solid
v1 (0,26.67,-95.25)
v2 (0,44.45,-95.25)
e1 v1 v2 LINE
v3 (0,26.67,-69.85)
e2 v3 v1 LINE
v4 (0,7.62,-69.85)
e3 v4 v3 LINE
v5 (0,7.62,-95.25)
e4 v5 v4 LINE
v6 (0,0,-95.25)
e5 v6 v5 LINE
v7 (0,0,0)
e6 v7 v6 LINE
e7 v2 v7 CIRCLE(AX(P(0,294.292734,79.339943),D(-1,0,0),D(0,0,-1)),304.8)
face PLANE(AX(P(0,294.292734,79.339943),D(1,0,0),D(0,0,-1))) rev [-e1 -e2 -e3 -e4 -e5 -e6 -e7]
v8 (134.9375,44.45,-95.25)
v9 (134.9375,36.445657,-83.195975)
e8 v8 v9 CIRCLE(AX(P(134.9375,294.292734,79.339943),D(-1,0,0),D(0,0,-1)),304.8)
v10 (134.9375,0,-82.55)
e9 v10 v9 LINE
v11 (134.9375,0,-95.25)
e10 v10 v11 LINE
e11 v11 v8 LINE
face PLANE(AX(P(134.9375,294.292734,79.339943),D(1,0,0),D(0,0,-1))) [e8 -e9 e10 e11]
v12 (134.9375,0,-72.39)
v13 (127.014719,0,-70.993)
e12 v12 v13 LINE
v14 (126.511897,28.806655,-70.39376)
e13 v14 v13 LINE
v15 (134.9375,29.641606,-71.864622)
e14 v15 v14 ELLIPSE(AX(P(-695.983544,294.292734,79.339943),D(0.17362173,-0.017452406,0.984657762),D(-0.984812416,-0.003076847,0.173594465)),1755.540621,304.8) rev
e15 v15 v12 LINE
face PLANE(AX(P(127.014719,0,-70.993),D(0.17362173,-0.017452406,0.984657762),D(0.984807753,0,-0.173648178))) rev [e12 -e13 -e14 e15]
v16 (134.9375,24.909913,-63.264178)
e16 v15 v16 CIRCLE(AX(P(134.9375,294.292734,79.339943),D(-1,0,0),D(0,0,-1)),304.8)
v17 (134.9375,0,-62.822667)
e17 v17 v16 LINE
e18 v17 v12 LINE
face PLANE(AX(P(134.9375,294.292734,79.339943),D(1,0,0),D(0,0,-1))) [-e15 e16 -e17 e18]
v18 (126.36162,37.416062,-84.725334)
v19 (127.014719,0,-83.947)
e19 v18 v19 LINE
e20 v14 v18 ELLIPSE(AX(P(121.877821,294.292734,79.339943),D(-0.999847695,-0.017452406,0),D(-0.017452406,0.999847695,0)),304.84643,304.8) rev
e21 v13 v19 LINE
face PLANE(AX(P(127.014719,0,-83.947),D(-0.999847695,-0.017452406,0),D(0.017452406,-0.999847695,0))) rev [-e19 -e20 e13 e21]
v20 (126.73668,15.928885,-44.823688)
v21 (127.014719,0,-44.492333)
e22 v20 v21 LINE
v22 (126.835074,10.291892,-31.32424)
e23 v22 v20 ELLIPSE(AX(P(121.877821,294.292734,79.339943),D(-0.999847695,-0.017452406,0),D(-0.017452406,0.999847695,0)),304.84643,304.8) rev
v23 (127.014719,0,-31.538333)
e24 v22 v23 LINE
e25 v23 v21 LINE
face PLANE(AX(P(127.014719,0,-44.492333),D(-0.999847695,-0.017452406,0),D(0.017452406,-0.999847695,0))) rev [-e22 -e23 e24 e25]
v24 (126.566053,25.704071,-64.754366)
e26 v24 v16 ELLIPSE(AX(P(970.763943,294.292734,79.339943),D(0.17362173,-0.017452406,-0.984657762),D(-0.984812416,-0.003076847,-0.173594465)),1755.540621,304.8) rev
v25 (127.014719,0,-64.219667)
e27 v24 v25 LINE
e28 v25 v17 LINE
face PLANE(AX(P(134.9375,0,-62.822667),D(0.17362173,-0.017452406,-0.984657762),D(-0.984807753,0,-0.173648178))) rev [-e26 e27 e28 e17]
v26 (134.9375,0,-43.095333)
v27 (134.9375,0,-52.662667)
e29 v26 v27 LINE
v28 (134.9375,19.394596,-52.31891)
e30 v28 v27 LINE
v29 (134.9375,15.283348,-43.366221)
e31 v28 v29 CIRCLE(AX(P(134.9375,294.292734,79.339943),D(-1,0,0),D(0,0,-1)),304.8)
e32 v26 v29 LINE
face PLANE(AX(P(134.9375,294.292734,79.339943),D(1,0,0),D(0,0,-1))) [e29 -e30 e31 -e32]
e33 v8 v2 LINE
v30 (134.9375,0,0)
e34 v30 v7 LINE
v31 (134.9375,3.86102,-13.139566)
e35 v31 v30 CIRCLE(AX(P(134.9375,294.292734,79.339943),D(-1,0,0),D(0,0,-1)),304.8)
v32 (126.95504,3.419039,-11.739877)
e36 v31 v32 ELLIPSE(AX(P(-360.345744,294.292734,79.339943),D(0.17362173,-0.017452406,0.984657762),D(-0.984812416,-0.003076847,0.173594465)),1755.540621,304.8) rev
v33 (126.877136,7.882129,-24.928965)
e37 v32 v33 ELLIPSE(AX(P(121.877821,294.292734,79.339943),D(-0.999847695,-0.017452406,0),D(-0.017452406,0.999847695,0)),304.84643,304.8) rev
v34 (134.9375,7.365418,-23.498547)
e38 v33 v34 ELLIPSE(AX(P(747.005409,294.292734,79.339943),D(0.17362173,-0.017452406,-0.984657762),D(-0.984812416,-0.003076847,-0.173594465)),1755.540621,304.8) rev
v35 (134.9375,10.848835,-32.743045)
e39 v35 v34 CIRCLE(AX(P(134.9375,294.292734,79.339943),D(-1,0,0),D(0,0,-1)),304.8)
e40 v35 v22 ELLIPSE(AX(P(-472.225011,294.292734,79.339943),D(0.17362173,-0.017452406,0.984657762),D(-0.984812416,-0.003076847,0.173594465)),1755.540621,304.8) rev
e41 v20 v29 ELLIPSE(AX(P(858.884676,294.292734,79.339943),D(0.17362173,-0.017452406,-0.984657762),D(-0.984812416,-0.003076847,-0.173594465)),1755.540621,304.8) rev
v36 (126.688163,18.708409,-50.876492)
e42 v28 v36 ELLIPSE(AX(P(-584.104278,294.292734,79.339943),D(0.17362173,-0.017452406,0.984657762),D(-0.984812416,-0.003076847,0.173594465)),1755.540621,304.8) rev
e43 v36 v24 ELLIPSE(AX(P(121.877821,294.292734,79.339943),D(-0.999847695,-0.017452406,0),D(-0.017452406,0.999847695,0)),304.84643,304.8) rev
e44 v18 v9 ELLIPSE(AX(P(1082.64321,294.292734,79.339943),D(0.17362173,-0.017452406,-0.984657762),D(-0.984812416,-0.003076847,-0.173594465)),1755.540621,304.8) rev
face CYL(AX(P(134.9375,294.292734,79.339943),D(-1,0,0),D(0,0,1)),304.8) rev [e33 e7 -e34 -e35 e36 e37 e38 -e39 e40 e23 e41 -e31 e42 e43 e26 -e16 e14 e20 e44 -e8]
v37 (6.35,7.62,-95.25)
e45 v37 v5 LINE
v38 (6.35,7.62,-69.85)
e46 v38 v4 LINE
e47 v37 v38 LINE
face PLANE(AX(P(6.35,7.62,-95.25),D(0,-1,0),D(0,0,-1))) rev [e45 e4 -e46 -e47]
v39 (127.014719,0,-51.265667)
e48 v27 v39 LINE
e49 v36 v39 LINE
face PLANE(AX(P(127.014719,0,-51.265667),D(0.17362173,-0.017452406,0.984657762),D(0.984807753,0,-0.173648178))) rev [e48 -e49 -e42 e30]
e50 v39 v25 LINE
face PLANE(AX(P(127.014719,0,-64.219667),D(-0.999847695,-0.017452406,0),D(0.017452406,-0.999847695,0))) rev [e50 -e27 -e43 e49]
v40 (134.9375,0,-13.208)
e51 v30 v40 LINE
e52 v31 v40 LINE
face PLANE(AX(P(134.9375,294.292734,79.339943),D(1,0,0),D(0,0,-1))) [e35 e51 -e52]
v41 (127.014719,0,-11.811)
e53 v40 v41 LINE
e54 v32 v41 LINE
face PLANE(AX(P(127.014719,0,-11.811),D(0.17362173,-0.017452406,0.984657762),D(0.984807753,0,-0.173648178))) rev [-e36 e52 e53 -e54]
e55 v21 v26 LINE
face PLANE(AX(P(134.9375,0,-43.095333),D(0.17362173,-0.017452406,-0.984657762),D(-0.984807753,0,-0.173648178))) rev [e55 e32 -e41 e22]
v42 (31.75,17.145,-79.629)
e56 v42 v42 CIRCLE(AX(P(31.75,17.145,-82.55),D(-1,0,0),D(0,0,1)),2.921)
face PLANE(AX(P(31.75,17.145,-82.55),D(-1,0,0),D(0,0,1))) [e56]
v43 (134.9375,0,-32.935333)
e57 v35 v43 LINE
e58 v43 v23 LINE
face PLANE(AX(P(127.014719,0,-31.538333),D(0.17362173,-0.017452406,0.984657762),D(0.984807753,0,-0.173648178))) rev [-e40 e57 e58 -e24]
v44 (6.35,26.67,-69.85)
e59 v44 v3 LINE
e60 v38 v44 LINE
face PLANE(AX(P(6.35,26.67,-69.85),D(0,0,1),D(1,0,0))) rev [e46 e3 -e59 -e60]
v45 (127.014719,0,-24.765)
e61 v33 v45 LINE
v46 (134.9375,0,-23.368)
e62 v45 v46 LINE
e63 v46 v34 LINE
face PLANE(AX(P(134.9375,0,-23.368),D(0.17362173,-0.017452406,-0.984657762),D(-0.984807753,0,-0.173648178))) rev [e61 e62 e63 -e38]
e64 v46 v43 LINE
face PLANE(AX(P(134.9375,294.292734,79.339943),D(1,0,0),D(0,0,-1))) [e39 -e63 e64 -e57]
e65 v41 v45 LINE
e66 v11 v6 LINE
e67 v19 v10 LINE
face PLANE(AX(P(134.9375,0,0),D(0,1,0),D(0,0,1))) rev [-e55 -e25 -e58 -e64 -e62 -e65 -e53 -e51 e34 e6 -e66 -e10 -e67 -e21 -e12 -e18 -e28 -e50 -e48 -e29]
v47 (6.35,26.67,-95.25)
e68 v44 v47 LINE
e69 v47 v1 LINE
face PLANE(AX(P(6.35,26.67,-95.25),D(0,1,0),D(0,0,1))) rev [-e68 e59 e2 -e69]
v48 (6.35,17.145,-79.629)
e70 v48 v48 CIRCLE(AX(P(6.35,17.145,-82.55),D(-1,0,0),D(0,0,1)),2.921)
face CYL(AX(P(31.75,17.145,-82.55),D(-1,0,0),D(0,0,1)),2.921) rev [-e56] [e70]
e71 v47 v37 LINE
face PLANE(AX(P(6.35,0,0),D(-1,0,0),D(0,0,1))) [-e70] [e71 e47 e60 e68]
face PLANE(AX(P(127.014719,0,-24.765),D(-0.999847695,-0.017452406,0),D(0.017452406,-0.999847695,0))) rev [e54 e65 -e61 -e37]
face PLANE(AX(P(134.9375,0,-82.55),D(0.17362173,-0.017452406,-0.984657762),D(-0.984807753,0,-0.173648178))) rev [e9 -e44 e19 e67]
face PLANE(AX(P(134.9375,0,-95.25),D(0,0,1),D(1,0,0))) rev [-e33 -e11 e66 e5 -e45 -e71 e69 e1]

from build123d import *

# Parameters (mm, degrees)
BOSS_EXTRUDE1_DEPTH = 134.9375
SKETCH4_W           = 25.4
SKETCH4_H           = 19.05
CUT_EXTRUDE1_DEPTH  = 6.35
SKETCH5_R           = 2.921
CUT_EXTRUDE2_DEPTH  = 25.4
CUT_EXTRUDE3_DEPTH  = 38.1
CUT_EXTRUDE3_TAPER  = -1


with BuildPart() as part:
    # Sketch3 → Boss-Extrude1 (new body)
    with BuildSketch(Plane(origin=(0, 0, 0), x_dir=(0, 0, -1), z_dir=(1, 0, 0))):
        with BuildLine():
            Line((0, 0), (95.25, 0))
            Line((95.25, 0), (95.25, 44.45))
            ThreePointArc((95.25, 44.45), (49.555547135, 18.088113282), (0, 0))
        make_face()
    extrude(amount=BOSS_EXTRUDE1_DEPTH)

    # Sketch4 → Cut-Extrude1 (cut)
    with BuildSketch(Plane.ZY):
        with Locations((-82.55, 17.145)):
            Rectangle(SKETCH4_W, SKETCH4_H)
    extrude(amount=-CUT_EXTRUDE1_DEPTH, mode=Mode.SUBTRACT)

    # Sketch5 → Cut-Extrude2 (cut)
    with BuildSketch(Plane.ZY.offset(-6.35)):
        with Locations((-82.55, 17.145)):
            Circle(SKETCH5_R)
    extrude(amount=-CUT_EXTRUDE2_DEPTH, mode=Mode.SUBTRACT)

    # Sketch6 → Cut-Extrude3 (cut)
    with BuildSketch(Plane.XZ):
        Polygon((134.9375, -82.55), (134.9375, -72.39), (127.014719298, -70.993), (127.014719298, -83.947), align=None)
        Polygon((134.9375, -62.822666667), (134.9375, -52.662666667), (127.014719298, -51.265666667), (127.014719298, -64.219666667), align=None)
        Polygon((134.9375, -43.095333333), (134.9375, -32.935333333), (127.014719298, -31.538333333), (127.014719298, -44.492333333), align=None)
        Polygon((134.9375, -23.368), (134.9375, -13.208), (127.014719298, -11.811), (127.014719298, -24.765), align=None)
    extrude(amount=-CUT_EXTRUDE3_DEPTH, taper=CUT_EXTRUDE3_TAPER, mode=Mode.SUBTRACT)


solid = part.part
